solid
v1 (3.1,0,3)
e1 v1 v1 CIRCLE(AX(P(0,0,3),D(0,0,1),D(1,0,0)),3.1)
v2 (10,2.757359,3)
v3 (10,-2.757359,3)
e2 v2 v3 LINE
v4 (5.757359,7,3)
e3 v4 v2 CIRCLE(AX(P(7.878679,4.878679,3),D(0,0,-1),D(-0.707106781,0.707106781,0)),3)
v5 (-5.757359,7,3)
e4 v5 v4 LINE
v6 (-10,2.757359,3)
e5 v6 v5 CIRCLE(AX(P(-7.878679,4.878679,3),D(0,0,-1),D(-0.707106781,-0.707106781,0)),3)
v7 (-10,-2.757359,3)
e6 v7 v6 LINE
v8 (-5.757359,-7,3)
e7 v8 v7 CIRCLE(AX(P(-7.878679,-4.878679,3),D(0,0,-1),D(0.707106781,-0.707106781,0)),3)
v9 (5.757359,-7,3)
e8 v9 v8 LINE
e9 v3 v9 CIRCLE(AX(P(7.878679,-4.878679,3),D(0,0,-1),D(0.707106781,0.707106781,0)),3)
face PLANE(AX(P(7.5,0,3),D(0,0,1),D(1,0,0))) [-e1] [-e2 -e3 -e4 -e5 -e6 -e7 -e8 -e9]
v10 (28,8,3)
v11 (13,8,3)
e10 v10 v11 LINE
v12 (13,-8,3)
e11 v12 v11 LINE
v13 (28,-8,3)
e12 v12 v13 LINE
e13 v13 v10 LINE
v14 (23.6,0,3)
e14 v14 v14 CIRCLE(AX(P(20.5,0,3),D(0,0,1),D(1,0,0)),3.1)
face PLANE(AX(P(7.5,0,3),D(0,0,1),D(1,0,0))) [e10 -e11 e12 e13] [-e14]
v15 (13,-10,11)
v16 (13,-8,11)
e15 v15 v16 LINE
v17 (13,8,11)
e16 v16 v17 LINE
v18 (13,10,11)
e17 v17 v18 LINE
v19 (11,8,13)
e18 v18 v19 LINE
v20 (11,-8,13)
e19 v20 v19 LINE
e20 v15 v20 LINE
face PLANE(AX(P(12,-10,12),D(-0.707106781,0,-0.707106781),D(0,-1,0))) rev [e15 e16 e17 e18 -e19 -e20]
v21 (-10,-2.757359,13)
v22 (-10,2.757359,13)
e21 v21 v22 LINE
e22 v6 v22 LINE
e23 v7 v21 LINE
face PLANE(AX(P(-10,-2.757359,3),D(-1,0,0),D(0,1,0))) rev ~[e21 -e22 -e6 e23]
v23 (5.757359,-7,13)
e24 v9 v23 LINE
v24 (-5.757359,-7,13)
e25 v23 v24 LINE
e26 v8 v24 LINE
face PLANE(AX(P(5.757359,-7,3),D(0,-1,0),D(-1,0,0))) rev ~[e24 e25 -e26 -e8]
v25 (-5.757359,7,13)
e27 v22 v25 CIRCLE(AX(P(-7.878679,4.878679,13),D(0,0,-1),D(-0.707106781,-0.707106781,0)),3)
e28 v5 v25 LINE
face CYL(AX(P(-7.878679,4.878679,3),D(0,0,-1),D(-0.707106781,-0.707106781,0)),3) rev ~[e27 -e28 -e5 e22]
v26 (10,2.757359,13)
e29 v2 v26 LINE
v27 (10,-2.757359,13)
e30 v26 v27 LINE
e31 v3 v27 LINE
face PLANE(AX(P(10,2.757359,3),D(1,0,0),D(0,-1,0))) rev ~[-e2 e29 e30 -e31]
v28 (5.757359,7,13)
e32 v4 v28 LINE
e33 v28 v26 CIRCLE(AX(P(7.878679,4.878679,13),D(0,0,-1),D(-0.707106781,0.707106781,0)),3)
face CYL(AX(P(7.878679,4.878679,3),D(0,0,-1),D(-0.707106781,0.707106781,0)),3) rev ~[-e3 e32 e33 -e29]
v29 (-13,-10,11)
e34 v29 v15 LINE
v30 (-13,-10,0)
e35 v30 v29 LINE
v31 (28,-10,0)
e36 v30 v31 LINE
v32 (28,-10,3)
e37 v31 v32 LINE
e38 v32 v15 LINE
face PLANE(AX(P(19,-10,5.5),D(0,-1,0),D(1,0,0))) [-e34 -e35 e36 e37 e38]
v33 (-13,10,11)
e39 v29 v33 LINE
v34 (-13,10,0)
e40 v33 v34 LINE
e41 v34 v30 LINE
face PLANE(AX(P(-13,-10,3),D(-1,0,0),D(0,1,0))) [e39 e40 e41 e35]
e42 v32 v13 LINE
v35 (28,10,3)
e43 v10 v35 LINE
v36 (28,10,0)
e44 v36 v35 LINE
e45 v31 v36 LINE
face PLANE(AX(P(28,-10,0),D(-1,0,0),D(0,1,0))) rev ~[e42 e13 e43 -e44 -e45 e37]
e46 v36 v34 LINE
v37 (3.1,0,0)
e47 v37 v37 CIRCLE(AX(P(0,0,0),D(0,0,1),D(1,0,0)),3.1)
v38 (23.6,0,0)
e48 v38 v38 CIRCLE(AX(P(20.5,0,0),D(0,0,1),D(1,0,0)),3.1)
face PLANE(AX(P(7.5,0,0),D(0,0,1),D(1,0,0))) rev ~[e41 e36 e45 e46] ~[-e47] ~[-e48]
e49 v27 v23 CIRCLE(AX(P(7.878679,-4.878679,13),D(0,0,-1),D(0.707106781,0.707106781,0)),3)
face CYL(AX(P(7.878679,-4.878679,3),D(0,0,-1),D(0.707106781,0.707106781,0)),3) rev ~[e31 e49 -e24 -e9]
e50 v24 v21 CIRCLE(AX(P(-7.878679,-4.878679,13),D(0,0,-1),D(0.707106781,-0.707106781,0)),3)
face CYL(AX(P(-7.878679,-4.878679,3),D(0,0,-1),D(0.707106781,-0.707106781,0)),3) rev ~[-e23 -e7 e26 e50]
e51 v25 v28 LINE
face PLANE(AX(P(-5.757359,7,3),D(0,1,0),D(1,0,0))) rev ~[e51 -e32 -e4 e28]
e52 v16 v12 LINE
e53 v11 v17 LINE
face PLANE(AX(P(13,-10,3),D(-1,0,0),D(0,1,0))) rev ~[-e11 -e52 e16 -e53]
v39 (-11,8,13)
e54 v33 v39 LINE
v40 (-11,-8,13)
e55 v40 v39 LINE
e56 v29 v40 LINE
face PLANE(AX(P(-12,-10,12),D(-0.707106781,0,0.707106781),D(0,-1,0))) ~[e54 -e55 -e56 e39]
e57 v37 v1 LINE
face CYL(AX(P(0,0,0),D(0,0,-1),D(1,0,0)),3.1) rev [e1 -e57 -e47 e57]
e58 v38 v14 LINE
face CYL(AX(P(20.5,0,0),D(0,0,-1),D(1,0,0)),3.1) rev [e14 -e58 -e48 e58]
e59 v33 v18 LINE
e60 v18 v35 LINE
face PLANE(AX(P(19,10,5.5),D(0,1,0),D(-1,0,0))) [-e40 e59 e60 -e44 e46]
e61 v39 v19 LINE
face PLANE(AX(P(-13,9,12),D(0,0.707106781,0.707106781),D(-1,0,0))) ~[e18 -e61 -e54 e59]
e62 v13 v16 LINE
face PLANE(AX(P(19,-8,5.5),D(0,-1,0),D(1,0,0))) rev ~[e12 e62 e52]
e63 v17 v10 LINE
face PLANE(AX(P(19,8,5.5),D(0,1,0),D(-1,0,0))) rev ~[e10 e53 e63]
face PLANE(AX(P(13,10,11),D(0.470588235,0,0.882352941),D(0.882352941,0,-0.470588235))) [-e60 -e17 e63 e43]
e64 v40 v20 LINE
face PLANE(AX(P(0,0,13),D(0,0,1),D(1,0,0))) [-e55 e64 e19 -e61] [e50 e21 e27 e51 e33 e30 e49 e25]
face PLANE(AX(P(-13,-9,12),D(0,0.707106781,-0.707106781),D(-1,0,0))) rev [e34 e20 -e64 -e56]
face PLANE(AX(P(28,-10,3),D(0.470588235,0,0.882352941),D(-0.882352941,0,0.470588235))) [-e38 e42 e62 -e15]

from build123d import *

# Parameters (mm, degrees)
F0_R     = 3.1
F1_DEPTH = 3
F2_W     = 26
F2_H     = 20
F3_DEPTH = 10
F4_SIZE  = 2
F6_DEPTH = 2
F8_DEPTH = 2


with BuildPart() as f1:
    # F0 (on Top) → F1 (new body)
    with BuildSketch(Plane.XY):
        Polygon((-13, -10), (13, -10), (28, -10), (28, 10), (13, 10), (-13, 10), align=None)
        Circle(F0_R, mode=Mode.SUBTRACT)
        with Locations((20.5, 0)):
            Circle(F0_R, mode=Mode.SUBTRACT)
    extrude(amount=F1_DEPTH)

    # F2 (on face) → F3 (join)
    with BuildSketch(Plane.XY.offset(3)):
        Rectangle(F2_W, F2_H)
        with BuildLine():
            ThreePointArc((-10, 2.757359), (-10, 7), (-5.757359, 7))
            Line((-5.757359, 7), (5.757359, 7))
            ThreePointArc((5.757359, 7), (10, 7), (10, 2.757359))
            Line((10, 2.757359), (10, -2.757359))
            ThreePointArc((10, -2.757359), (10, -7), (5.757359, -7))
            Line((5.757359, -7), (-5.757359, -7))
            ThreePointArc((-5.757359, -7), (-10, -7), (-10, -2.757359))
            Line((-10, -2.757359), (-10, 2.757359))
        make_face(mode=Mode.SUBTRACT)
    extrude(amount=F3_DEPTH)

    # F4
    f4_edges = [f1.edges().sort_by_distance(p)[0] for p in [
        (0, -10, 13),
        (13, 0, 13),
        (0, 10, 13),
        (-13, 0, 13),
    ]]
    chamfer(f4_edges, length=F4_SIZE)

    # F5 (on face) → F6 (join)
    with BuildSketch(Plane.XZ.offset(10)):
        Polygon((28, 3), (13, 11), (13, 3), align=None)
    extrude(amount=-F6_DEPTH)

    # F7 (on face) → F8 (join)
    with BuildSketch(Plane(origin=(0, 10, 0), x_dir=(-1, 0, 0), z_dir=(0, 1, 0))):
        Polygon((-13, 3), (-13, 11), (-28, 3), align=None)
    extrude(amount=-F8_DEPTH)


solid = f1.part
